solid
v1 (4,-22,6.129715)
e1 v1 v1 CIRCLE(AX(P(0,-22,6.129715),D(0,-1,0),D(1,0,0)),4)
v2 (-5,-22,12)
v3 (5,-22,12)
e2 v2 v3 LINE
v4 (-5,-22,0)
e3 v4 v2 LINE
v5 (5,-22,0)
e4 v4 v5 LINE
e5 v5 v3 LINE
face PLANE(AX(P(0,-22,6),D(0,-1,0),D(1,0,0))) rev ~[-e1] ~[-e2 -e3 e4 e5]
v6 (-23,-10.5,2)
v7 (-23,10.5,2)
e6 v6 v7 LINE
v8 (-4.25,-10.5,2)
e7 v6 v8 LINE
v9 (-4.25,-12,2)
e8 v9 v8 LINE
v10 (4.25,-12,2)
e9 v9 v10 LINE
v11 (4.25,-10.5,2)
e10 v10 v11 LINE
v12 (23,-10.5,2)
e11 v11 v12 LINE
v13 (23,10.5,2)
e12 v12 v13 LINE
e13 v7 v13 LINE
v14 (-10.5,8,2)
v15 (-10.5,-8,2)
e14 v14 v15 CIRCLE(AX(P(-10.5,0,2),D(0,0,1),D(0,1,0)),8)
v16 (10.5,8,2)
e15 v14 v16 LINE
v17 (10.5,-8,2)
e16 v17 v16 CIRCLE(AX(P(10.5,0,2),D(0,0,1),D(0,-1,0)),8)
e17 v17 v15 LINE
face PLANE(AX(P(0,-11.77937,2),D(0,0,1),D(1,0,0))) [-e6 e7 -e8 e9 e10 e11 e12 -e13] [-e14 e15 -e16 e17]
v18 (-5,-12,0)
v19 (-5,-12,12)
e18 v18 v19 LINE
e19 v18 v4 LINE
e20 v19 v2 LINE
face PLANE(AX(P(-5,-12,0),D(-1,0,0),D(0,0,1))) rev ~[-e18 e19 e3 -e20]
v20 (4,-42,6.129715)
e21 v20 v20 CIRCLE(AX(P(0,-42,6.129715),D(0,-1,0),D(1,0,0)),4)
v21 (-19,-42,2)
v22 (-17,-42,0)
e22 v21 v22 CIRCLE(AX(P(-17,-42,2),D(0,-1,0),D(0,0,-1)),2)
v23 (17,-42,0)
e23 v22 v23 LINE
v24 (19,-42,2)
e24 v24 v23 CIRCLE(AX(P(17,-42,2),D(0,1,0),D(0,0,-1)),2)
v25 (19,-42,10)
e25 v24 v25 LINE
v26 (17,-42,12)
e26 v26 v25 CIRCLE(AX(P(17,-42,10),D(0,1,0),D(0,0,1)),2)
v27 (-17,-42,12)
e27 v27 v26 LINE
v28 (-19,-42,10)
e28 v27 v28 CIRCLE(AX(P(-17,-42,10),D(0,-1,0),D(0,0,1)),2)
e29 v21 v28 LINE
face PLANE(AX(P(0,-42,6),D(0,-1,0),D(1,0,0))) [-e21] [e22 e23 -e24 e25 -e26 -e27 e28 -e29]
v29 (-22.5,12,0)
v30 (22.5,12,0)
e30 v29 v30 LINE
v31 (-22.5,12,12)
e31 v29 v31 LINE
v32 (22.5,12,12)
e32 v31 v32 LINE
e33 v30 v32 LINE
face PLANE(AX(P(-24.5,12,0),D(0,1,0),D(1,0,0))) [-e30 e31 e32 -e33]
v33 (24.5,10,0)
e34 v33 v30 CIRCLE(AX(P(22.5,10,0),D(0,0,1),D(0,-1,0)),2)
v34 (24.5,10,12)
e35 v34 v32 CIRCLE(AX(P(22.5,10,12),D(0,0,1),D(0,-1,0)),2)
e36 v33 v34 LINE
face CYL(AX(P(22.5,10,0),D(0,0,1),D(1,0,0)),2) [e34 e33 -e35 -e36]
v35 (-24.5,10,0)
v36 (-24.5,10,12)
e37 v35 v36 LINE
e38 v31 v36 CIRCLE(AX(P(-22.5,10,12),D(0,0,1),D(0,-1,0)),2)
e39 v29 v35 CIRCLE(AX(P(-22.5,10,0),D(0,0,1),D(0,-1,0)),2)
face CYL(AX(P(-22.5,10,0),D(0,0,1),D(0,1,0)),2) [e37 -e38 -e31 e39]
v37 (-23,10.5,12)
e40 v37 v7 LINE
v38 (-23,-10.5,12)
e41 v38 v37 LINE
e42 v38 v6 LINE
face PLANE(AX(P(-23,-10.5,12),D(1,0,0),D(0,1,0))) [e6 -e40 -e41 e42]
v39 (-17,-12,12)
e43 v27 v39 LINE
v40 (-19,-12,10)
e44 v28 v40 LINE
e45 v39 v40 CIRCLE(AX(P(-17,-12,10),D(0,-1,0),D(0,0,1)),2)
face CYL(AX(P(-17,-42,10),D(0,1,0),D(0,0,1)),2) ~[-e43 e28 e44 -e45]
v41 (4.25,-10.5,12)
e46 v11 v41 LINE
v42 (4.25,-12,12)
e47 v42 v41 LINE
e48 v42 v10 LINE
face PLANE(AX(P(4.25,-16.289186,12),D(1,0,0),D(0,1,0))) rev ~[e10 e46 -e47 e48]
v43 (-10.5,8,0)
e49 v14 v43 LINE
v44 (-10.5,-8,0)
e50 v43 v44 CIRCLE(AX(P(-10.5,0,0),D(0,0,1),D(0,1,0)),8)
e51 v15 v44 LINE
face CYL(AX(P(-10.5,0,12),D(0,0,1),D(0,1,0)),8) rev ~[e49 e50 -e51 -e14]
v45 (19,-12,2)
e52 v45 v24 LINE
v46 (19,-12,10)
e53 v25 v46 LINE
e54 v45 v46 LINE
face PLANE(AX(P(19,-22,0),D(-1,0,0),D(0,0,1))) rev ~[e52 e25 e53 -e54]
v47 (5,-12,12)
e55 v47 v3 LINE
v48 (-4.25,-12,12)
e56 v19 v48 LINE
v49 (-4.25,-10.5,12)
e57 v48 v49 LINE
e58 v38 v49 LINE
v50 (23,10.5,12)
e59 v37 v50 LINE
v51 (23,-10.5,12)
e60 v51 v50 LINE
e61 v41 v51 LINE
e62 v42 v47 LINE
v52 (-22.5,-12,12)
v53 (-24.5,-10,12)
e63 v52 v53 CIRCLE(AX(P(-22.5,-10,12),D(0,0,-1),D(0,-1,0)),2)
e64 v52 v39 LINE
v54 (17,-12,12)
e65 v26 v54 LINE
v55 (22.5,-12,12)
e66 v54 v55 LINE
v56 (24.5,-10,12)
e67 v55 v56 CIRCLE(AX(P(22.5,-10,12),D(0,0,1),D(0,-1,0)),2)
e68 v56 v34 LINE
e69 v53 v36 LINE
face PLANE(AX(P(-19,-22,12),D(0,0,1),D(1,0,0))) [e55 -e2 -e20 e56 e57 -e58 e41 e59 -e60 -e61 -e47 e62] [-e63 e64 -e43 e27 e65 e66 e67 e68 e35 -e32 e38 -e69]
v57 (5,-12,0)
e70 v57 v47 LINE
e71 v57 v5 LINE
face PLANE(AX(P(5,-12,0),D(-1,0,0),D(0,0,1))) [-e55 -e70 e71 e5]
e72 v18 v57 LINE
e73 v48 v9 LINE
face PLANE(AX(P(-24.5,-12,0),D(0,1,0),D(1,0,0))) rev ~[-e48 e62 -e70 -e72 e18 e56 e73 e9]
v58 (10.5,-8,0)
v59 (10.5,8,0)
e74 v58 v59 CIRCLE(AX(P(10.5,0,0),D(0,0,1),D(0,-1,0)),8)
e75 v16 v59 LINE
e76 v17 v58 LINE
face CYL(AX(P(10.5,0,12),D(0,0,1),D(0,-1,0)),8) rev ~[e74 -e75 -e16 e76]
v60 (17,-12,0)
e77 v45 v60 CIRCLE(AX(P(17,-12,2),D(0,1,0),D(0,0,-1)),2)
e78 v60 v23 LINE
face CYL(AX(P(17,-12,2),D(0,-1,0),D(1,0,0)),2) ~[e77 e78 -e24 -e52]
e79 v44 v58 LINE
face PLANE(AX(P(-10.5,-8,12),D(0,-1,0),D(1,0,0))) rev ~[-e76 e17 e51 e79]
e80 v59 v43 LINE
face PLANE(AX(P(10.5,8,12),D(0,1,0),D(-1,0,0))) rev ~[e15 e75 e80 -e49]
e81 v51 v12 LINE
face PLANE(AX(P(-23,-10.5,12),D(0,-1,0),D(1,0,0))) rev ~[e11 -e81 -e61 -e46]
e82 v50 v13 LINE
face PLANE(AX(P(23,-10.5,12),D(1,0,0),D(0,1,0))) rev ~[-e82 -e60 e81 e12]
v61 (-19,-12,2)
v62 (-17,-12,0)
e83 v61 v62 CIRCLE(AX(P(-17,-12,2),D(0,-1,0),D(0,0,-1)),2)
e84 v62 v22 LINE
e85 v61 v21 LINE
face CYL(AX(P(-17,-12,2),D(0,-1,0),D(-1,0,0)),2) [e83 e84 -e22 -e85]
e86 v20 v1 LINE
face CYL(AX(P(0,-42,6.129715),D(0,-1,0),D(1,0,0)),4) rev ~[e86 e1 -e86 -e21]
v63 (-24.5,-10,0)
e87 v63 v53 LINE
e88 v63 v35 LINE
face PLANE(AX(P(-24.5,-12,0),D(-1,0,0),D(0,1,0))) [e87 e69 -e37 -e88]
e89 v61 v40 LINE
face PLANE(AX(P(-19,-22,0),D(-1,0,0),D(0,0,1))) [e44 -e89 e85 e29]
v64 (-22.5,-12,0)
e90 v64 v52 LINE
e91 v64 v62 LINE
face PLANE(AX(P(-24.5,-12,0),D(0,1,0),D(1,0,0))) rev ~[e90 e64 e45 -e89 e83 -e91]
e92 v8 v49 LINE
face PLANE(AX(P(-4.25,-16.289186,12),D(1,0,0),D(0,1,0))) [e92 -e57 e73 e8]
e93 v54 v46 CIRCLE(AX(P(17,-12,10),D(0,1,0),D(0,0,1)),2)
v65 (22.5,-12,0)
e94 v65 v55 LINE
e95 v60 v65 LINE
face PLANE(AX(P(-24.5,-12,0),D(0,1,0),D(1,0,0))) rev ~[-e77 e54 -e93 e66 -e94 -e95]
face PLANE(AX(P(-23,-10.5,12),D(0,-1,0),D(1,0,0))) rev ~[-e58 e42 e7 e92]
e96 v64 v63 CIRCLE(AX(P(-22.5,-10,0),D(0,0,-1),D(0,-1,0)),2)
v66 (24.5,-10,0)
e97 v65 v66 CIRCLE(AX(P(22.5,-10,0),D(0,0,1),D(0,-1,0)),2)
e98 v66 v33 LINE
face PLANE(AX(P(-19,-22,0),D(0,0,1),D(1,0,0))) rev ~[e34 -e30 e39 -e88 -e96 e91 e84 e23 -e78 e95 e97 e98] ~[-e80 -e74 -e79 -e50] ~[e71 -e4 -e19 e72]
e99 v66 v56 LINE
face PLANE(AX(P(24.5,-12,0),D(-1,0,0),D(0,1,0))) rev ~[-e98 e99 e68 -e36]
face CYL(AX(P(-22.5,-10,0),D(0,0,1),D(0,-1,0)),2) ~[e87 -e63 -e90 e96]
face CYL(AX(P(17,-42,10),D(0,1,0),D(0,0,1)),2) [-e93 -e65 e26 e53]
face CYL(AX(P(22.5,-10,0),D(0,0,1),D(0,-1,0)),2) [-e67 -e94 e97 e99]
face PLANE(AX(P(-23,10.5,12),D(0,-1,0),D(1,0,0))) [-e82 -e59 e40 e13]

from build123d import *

# Parameters (mm, degrees)
SKETCH_W        = 49
SKETCH_H        = 24
PAD_DEPTH       = 12
POCKET_DEPTH    = 12.001
SKETCH002_W     = 46
SKETCH002_H     = 21
POCKET001_DEPTH = 10
SKETCH003_W     = 8.5
SKETCH003_H     = 9.019632
POCKET002_DEPTH = 10
SKETCH004_W     = 14
SKETCH004_H     = 12
PAD001_DEPTH    = 10
SKETCH005_W     = 38
SKETCH005_H     = 12
PAD002_DEPTH    = 20
SKETCH006_R     = 4
POCKET003_DEPTH = 21
FILLET_R        = 2
FILLET001_R     = 2


with BuildPart() as part:
    # Sketch → Pad (new body)
    with BuildSketch(Plane.XY):
        Rectangle(SKETCH_W, SKETCH_H)
    extrude(amount=PAD_DEPTH)

    # Sketch001 (on Face6 of Pad) → Pocket (cut, through all)
    with BuildSketch(Plane.XY.offset(12)):
        with BuildLine():
            ThreePointArc((-10.5, 8), (-18.5, 0), (-10.5, -8))
            Line((-10.5, -8), (10.5, -8))
            ThreePointArc((10.5, -8), (18.5, 0), (10.5, 8))
            Line((10.5, 8), (-10.5, 8))
        make_face()
    extrude(amount=-POCKET_DEPTH, mode=Mode.SUBTRACT)

    # Sketch002 (on Face5 of Pocket) → Pocket001 (cut)
    with BuildSketch(Plane.XY.offset(12)):
        Rectangle(SKETCH002_W, SKETCH002_H)
    extrude(amount=-POCKET001_DEPTH, mode=Mode.SUBTRACT)

    # Sketch003 (on Face5 of Pocket001) → Pocket002 (cut)
    with BuildSketch(Plane.XY.offset(12)):
        with Locations((0, -11.77937)):
            Rectangle(SKETCH003_W, SKETCH003_H)
    extrude(amount=-POCKET002_DEPTH, mode=Mode.SUBTRACT)

    # Sketch004 (on Face6 of Pocket002) → Pad001 (join)
    with BuildSketch(Plane.XZ.offset(12)):
        with Locations((-12, 6)):
            Rectangle(SKETCH004_W, SKETCH004_H)
        with Locations((12, 6)):
            Rectangle(SKETCH004_W, SKETCH004_H)
    extrude(amount=PAD001_DEPTH)

    # Sketch005 (on Face30 of Pad001) → Pad002 (join)
    with BuildSketch(Plane.XZ.offset(22)):
        with Locations((0, 6)):
            Rectangle(SKETCH005_W, SKETCH005_H)
    extrude(amount=PAD002_DEPTH)

    # Sketch006 (on Face36 of Pad002) → Pocket003 (cut)
    with BuildSketch(Plane.XZ.offset(42)):
        with Locations((0, 6.129715)):
            Circle(SKETCH006_R)
    extrude(amount=-POCKET003_DEPTH, mode=Mode.SUBTRACT)

    # Fillet
    fillet_edges = [part.edges().sort_by_distance(p)[0] for p in [
        (24.5, -12, 6),
        (24.5, 12, 6),
        (-24.5, 12, 6),
        (-24.5, -12, 6),
    ]]
    fillet(fillet_edges, radius=FILLET_R)

    # Fillet001
    fillet001_edges = [part.edges().sort_by_distance(p)[0] for p in [
        (19, -32, 0),
        (-19, -32, 0),
        (19, -32, 12),
        (-19, -32, 12),
    ]]
    fillet(fillet001_edges, radius=FILLET001_R)


solid = part.part
